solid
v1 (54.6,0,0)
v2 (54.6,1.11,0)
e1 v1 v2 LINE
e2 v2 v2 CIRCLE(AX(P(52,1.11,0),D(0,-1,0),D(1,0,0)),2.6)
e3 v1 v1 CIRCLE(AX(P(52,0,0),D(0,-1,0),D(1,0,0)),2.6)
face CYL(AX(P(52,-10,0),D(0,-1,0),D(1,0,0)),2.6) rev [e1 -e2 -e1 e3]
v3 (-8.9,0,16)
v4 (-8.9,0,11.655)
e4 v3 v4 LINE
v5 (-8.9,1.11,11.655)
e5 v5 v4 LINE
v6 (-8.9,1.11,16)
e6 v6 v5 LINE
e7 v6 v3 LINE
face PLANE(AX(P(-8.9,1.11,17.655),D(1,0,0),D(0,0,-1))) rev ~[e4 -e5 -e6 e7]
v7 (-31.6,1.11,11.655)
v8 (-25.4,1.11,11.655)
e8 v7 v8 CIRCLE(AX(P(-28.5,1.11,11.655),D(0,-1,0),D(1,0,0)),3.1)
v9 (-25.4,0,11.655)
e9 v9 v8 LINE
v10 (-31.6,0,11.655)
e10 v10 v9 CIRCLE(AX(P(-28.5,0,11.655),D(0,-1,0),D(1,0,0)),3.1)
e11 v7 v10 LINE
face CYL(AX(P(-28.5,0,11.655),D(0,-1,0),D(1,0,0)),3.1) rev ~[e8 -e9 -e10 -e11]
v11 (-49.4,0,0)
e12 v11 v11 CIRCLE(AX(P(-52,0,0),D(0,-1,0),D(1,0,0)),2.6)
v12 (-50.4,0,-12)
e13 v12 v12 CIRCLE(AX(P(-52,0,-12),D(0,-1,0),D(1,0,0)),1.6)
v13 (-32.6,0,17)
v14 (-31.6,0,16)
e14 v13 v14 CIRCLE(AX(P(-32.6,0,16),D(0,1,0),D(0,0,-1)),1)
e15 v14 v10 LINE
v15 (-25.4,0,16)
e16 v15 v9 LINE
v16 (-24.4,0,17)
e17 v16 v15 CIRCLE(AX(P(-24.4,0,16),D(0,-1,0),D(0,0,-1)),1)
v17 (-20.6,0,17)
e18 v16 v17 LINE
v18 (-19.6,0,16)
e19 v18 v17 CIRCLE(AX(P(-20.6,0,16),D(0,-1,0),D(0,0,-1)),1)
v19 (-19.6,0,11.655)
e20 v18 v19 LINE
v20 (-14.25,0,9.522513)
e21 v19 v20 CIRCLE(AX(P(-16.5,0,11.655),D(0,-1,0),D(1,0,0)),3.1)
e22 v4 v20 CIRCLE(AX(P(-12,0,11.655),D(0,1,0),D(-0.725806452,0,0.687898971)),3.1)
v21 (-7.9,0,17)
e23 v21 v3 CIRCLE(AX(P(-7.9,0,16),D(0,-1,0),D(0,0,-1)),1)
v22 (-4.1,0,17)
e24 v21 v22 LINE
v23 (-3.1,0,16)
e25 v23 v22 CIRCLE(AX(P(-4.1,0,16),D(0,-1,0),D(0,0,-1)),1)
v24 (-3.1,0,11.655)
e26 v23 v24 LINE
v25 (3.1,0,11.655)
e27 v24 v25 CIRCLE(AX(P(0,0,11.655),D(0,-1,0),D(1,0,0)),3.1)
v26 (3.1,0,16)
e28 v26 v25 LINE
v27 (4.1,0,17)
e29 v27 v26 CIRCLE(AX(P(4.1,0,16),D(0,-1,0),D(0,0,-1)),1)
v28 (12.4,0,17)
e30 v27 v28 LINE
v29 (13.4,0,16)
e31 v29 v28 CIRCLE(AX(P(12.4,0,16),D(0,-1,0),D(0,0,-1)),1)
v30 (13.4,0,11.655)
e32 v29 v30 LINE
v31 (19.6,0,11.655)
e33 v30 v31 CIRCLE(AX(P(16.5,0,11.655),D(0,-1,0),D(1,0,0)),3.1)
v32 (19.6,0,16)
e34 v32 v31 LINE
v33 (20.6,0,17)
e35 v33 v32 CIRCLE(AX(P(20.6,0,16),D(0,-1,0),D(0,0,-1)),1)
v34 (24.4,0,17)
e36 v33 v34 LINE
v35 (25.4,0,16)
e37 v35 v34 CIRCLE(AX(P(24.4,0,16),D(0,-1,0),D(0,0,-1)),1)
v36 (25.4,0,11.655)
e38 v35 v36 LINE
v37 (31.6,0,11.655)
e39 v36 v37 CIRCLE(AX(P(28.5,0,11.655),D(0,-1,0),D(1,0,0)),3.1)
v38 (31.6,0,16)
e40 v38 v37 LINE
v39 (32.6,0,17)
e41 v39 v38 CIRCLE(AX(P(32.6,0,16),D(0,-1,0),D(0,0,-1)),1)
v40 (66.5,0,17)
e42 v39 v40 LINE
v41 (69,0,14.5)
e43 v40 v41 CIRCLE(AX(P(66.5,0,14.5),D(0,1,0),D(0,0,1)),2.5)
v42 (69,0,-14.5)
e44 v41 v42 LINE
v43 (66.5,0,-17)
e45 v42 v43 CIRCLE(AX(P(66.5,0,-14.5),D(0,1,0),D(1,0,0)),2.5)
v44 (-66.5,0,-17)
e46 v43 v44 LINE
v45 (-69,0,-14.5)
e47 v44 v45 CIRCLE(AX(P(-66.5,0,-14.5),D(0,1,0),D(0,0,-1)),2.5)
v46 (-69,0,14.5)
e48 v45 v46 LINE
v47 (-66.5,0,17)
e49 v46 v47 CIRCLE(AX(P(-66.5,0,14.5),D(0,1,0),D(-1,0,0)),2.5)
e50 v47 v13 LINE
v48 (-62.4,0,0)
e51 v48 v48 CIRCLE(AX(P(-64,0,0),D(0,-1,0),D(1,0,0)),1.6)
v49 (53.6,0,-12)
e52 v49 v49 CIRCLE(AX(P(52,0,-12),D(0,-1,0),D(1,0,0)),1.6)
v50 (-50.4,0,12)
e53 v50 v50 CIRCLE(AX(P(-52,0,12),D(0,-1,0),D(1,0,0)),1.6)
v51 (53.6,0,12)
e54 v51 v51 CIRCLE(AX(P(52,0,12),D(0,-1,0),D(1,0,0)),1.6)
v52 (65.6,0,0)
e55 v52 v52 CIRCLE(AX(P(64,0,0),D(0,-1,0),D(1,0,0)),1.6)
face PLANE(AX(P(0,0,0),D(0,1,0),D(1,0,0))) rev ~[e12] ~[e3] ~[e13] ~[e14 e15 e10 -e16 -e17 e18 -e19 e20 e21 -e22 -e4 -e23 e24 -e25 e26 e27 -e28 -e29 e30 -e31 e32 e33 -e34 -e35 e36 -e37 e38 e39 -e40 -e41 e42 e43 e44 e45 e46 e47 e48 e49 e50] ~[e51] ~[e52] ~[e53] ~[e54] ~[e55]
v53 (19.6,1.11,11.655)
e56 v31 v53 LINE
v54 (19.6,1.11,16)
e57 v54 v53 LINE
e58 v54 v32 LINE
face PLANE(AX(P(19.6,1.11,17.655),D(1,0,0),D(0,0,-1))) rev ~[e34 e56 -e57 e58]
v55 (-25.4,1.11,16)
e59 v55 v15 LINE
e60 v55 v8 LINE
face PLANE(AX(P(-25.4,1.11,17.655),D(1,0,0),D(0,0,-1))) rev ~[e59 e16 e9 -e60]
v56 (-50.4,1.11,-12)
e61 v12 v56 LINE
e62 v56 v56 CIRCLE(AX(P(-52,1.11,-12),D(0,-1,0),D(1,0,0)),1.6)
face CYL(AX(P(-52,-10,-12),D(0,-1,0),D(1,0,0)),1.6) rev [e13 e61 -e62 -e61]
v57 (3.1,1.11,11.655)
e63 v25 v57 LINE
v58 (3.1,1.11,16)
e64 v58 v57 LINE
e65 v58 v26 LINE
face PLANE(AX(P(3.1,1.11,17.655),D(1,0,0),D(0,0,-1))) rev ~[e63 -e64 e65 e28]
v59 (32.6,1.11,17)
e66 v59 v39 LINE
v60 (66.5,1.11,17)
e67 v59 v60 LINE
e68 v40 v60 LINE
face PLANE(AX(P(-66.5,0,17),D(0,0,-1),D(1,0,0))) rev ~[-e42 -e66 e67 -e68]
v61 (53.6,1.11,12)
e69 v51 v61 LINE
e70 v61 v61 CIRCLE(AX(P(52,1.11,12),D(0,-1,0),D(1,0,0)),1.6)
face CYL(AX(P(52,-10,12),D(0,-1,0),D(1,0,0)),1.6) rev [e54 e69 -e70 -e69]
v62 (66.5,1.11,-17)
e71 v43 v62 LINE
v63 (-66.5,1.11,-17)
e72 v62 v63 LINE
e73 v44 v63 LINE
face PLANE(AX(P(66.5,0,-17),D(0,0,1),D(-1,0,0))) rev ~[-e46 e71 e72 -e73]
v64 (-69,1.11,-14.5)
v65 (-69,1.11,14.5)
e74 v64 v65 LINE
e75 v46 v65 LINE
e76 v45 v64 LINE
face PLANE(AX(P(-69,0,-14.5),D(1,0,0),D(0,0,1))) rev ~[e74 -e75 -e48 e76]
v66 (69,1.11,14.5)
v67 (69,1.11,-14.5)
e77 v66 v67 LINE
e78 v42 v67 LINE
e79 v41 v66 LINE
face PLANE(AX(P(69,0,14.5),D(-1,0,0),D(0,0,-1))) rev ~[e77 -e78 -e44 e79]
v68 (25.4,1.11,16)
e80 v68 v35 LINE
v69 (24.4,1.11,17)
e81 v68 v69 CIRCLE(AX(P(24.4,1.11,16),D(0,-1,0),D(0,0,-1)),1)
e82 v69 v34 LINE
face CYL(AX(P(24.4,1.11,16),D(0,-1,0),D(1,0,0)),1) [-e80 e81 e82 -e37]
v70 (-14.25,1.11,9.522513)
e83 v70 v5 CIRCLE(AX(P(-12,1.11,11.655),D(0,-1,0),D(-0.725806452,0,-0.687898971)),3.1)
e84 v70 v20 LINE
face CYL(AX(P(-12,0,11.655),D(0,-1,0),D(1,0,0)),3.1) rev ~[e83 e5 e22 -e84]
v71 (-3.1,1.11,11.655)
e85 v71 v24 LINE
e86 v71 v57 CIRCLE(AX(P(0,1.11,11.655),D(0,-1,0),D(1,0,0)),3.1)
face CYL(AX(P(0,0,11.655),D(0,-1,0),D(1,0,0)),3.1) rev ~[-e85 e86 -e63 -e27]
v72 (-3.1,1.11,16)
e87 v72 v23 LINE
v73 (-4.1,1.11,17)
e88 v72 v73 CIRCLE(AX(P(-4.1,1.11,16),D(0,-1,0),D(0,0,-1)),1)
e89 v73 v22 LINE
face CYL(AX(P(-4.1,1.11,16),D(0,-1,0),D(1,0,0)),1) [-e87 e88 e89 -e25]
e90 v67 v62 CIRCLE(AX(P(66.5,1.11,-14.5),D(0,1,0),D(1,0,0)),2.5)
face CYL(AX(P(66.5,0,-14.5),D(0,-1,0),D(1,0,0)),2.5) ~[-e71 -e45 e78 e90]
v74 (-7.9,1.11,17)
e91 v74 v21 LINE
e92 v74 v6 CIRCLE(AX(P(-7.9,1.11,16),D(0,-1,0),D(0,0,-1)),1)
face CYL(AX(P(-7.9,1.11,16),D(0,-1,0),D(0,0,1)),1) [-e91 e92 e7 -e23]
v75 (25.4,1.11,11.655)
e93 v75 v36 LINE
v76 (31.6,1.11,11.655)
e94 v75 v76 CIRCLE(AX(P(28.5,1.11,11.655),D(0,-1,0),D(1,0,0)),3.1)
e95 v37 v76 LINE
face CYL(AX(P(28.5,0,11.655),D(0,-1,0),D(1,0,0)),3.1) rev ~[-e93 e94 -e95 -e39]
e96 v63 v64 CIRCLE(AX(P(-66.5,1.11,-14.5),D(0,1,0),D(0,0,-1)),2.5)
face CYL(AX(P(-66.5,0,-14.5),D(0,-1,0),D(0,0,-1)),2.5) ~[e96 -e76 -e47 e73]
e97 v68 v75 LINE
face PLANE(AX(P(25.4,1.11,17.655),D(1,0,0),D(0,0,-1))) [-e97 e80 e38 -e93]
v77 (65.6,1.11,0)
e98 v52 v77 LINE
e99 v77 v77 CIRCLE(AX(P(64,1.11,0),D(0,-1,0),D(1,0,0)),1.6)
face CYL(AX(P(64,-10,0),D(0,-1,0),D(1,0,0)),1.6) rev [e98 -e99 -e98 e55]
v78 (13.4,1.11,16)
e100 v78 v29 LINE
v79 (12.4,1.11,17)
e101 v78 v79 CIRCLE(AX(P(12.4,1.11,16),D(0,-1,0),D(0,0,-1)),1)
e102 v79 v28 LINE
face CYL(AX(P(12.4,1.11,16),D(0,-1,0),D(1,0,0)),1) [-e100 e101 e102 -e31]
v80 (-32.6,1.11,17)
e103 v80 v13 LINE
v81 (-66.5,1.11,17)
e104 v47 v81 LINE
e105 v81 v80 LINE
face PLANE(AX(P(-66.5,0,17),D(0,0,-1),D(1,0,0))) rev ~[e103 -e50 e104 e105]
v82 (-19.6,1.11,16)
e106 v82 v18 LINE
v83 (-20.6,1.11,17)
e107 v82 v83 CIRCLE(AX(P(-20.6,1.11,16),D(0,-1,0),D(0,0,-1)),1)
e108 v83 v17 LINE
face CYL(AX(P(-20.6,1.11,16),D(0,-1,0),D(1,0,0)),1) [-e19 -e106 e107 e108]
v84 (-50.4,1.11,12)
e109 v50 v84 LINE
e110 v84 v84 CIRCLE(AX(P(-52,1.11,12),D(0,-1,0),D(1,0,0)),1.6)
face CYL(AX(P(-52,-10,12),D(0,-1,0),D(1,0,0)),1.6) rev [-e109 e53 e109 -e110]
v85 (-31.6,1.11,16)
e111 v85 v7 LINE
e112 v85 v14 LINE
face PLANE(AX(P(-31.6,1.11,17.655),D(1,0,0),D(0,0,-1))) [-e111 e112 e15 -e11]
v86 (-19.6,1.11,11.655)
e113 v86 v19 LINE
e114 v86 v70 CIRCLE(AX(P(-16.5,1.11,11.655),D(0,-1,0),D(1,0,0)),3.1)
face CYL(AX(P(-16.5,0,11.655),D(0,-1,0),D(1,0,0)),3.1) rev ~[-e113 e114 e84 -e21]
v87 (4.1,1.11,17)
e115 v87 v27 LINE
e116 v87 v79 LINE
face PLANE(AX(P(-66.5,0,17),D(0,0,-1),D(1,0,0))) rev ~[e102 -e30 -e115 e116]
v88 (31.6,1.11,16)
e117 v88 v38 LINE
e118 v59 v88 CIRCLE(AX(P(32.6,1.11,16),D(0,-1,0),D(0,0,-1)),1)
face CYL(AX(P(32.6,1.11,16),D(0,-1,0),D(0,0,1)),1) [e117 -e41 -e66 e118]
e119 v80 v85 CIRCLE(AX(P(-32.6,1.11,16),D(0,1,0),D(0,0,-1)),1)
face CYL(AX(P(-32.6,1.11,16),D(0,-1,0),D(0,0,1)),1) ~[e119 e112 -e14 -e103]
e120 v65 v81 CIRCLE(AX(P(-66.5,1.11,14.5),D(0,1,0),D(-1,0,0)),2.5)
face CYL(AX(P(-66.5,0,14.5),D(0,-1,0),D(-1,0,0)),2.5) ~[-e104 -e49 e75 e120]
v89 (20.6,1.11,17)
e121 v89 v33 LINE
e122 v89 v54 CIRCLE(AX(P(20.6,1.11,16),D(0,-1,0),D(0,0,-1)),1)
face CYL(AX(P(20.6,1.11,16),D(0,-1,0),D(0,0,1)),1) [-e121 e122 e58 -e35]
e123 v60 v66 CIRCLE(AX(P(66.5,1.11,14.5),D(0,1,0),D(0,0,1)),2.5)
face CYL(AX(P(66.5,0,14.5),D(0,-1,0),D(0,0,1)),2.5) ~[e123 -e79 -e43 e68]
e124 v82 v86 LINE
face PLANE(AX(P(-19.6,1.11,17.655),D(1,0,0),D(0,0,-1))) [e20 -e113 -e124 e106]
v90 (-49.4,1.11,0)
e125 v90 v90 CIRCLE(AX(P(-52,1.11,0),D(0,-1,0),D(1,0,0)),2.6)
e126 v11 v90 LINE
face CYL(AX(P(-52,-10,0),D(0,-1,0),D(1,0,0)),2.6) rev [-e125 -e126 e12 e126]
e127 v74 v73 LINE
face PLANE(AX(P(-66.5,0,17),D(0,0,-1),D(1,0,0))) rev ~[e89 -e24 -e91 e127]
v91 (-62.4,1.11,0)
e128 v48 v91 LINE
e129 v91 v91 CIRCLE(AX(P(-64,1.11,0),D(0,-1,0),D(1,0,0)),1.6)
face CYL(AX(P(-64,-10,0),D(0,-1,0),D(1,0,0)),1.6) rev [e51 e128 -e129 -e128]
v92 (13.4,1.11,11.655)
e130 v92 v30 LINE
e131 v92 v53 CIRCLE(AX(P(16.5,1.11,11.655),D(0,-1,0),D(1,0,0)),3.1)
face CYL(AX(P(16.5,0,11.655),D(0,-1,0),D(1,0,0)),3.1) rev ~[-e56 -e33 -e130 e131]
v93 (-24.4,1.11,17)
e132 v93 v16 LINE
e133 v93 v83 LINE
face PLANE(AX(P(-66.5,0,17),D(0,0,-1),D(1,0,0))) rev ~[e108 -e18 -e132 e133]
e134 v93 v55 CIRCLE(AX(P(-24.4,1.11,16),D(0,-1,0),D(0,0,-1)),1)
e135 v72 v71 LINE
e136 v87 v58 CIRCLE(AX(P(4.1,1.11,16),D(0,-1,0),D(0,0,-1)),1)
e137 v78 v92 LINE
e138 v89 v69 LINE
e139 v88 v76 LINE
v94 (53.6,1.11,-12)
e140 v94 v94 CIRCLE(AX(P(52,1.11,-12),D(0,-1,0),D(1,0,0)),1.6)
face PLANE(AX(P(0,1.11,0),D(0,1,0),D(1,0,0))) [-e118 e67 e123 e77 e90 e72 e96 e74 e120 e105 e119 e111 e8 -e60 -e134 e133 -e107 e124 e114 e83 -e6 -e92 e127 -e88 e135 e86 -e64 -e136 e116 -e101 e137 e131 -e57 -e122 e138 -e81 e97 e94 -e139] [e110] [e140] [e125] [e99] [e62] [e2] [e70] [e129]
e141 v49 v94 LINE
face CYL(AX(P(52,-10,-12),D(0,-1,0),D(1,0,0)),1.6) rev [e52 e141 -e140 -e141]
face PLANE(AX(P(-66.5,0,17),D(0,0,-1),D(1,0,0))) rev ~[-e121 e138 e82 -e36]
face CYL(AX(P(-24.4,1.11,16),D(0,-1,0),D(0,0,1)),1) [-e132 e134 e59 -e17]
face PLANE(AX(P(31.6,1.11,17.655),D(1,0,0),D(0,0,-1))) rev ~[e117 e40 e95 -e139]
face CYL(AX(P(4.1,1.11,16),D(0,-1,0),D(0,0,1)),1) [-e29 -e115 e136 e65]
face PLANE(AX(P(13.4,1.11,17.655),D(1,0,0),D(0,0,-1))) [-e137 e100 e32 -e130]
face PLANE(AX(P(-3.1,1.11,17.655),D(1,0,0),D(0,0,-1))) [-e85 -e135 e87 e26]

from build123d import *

# Parameters (mm, degrees)
BOSS_EXTRUDE1_DEPTH = 1.11
SKETCH3_R           = 2.6
SKETCH3_R_2         = 1.6
CUT_EXTRUDE5_DEPTH  = 12.11
SKETCH4_R           = 3.1
CUT_EXTRUDE6_DEPTH  = 2.11
SKETCH5_R           = 3.1
CUT_EXTRUDE7_DEPTH  = 2.11
SKETCH6_W           = 6.2
SKETCH6_H           = 6
SKETCH6_W_2         = 10.7
CUT_EXTRUDE8_DEPTH  = 2.11
FILLET1_R           = 1


with BuildPart() as part:
    # Sketch1 → Boss-Extrude1 (new body)
    with BuildSketch(Plane(origin=(0, 0, 0), x_dir=(1, 0, 0), z_dir=(0, 1, 0))):
        with BuildLine():
            Line((-66.5, -17), (66.5, -17))
            ThreePointArc((66.5, -17), (68.267766953, -16.267766953), (69, -14.5))
            Line((69, -14.5), (69, 14.5))
            ThreePointArc((69, 14.5), (68.267766953, 16.267766953), (66.5, 17))
            Line((66.5, 17), (-66.5, 17))
            ThreePointArc((-66.5, 17), (-68.267766953, 16.267766953), (-69, 14.5))
            Line((-69, 14.5), (-69, -14.5))
            ThreePointArc((-69, -14.5), (-68.267766953, -16.267766953), (-66.5, -17))
        make_face()
    extrude(amount=BOSS_EXTRUDE1_DEPTH)

    # Sketch3 → Cut-Extrude5 (cut, through all)
    with BuildSketch(Plane(origin=(0, -10, 0), x_dir=(1, 0, 0), z_dir=(0, 1, 0))):
        with Locations((-52, 0)):
            Circle(SKETCH3_R)
        with Locations((52, 0)):
            Circle(SKETCH3_R)
        with Locations((-52, 12)):
            Circle(SKETCH3_R_2)
        with Locations((-52, -12)):
            Circle(SKETCH3_R_2)
        with Locations((52, -12)):
            Circle(SKETCH3_R_2)
        with Locations((52, 12)):
            Circle(SKETCH3_R_2)
        with Locations((-64, 0)):
            Circle(SKETCH3_R_2)
        with Locations((64, 0)):
            Circle(SKETCH3_R_2)
    extrude(amount=CUT_EXTRUDE5_DEPTH, mode=Mode.SUBTRACT)

    # Sketch4 → Cut-Extrude6 (cut, through all)
    with BuildSketch(Plane.XZ):
        with Locations((0, 11.655)):
            Circle(SKETCH4_R)
        with Locations((-12, 11.655)):
            Circle(SKETCH4_R)
    extrude(amount=-CUT_EXTRUDE6_DEPTH, mode=Mode.SUBTRACT)

    # Sketch5 → Cut-Extrude7 (cut, through all)
    with BuildSketch(Plane.XZ):
        with Locations((-16.5, 11.655)):
            Circle(SKETCH5_R)
        with Locations((-28.5, 11.655)):
            Circle(SKETCH5_R)
        with Locations((28.5, 11.655)):
            Circle(SKETCH5_R)
        with Locations((16.5, 11.655)):
            Circle(SKETCH5_R)
    extrude(amount=-CUT_EXTRUDE7_DEPTH, mode=Mode.SUBTRACT)

    # Sketch6 → Cut-Extrude8 (cut, through all)
    with BuildSketch(Plane(origin=(0, 1.11, 0), x_dir=(1, 0, 0), z_dir=(0, 1, 0))):
        with Locations((-28.5, -14.655)):
            Rectangle(SKETCH6_W, SKETCH6_H)
        with Locations((-14.25, -14.655)):
            Rectangle(SKETCH6_W_2, SKETCH6_H)
        with Locations((0, -14.655)):
            Rectangle(SKETCH6_W, SKETCH6_H)
        with Locations((28.5, -14.655)):
            Rectangle(SKETCH6_W, SKETCH6_H)
        with Locations((16.5, -14.655)):
            Rectangle(SKETCH6_W, SKETCH6_H)
    extrude(amount=-CUT_EXTRUDE8_DEPTH, mode=Mode.SUBTRACT)

    # Fillet1
    fillet1_edges = [part.edges().sort_by_distance(p)[0] for p in [
        (-31.6, 0.555, 17),
        (-25.4, 0.555, 17),
        (-8.9, 0.555, 17),
        (-19.6, 0.555, 17),
        (-3.1, 0.555, 17),
        (3.1, 0.555, 17),
        (25.4, 0.555, 17),
        (31.6, 0.555, 17),
        (13.4, 0.555, 17),
        (19.6, 0.555, 17),
    ]]
    fillet(fillet1_edges, radius=FILLET1_R)


solid = part.part
